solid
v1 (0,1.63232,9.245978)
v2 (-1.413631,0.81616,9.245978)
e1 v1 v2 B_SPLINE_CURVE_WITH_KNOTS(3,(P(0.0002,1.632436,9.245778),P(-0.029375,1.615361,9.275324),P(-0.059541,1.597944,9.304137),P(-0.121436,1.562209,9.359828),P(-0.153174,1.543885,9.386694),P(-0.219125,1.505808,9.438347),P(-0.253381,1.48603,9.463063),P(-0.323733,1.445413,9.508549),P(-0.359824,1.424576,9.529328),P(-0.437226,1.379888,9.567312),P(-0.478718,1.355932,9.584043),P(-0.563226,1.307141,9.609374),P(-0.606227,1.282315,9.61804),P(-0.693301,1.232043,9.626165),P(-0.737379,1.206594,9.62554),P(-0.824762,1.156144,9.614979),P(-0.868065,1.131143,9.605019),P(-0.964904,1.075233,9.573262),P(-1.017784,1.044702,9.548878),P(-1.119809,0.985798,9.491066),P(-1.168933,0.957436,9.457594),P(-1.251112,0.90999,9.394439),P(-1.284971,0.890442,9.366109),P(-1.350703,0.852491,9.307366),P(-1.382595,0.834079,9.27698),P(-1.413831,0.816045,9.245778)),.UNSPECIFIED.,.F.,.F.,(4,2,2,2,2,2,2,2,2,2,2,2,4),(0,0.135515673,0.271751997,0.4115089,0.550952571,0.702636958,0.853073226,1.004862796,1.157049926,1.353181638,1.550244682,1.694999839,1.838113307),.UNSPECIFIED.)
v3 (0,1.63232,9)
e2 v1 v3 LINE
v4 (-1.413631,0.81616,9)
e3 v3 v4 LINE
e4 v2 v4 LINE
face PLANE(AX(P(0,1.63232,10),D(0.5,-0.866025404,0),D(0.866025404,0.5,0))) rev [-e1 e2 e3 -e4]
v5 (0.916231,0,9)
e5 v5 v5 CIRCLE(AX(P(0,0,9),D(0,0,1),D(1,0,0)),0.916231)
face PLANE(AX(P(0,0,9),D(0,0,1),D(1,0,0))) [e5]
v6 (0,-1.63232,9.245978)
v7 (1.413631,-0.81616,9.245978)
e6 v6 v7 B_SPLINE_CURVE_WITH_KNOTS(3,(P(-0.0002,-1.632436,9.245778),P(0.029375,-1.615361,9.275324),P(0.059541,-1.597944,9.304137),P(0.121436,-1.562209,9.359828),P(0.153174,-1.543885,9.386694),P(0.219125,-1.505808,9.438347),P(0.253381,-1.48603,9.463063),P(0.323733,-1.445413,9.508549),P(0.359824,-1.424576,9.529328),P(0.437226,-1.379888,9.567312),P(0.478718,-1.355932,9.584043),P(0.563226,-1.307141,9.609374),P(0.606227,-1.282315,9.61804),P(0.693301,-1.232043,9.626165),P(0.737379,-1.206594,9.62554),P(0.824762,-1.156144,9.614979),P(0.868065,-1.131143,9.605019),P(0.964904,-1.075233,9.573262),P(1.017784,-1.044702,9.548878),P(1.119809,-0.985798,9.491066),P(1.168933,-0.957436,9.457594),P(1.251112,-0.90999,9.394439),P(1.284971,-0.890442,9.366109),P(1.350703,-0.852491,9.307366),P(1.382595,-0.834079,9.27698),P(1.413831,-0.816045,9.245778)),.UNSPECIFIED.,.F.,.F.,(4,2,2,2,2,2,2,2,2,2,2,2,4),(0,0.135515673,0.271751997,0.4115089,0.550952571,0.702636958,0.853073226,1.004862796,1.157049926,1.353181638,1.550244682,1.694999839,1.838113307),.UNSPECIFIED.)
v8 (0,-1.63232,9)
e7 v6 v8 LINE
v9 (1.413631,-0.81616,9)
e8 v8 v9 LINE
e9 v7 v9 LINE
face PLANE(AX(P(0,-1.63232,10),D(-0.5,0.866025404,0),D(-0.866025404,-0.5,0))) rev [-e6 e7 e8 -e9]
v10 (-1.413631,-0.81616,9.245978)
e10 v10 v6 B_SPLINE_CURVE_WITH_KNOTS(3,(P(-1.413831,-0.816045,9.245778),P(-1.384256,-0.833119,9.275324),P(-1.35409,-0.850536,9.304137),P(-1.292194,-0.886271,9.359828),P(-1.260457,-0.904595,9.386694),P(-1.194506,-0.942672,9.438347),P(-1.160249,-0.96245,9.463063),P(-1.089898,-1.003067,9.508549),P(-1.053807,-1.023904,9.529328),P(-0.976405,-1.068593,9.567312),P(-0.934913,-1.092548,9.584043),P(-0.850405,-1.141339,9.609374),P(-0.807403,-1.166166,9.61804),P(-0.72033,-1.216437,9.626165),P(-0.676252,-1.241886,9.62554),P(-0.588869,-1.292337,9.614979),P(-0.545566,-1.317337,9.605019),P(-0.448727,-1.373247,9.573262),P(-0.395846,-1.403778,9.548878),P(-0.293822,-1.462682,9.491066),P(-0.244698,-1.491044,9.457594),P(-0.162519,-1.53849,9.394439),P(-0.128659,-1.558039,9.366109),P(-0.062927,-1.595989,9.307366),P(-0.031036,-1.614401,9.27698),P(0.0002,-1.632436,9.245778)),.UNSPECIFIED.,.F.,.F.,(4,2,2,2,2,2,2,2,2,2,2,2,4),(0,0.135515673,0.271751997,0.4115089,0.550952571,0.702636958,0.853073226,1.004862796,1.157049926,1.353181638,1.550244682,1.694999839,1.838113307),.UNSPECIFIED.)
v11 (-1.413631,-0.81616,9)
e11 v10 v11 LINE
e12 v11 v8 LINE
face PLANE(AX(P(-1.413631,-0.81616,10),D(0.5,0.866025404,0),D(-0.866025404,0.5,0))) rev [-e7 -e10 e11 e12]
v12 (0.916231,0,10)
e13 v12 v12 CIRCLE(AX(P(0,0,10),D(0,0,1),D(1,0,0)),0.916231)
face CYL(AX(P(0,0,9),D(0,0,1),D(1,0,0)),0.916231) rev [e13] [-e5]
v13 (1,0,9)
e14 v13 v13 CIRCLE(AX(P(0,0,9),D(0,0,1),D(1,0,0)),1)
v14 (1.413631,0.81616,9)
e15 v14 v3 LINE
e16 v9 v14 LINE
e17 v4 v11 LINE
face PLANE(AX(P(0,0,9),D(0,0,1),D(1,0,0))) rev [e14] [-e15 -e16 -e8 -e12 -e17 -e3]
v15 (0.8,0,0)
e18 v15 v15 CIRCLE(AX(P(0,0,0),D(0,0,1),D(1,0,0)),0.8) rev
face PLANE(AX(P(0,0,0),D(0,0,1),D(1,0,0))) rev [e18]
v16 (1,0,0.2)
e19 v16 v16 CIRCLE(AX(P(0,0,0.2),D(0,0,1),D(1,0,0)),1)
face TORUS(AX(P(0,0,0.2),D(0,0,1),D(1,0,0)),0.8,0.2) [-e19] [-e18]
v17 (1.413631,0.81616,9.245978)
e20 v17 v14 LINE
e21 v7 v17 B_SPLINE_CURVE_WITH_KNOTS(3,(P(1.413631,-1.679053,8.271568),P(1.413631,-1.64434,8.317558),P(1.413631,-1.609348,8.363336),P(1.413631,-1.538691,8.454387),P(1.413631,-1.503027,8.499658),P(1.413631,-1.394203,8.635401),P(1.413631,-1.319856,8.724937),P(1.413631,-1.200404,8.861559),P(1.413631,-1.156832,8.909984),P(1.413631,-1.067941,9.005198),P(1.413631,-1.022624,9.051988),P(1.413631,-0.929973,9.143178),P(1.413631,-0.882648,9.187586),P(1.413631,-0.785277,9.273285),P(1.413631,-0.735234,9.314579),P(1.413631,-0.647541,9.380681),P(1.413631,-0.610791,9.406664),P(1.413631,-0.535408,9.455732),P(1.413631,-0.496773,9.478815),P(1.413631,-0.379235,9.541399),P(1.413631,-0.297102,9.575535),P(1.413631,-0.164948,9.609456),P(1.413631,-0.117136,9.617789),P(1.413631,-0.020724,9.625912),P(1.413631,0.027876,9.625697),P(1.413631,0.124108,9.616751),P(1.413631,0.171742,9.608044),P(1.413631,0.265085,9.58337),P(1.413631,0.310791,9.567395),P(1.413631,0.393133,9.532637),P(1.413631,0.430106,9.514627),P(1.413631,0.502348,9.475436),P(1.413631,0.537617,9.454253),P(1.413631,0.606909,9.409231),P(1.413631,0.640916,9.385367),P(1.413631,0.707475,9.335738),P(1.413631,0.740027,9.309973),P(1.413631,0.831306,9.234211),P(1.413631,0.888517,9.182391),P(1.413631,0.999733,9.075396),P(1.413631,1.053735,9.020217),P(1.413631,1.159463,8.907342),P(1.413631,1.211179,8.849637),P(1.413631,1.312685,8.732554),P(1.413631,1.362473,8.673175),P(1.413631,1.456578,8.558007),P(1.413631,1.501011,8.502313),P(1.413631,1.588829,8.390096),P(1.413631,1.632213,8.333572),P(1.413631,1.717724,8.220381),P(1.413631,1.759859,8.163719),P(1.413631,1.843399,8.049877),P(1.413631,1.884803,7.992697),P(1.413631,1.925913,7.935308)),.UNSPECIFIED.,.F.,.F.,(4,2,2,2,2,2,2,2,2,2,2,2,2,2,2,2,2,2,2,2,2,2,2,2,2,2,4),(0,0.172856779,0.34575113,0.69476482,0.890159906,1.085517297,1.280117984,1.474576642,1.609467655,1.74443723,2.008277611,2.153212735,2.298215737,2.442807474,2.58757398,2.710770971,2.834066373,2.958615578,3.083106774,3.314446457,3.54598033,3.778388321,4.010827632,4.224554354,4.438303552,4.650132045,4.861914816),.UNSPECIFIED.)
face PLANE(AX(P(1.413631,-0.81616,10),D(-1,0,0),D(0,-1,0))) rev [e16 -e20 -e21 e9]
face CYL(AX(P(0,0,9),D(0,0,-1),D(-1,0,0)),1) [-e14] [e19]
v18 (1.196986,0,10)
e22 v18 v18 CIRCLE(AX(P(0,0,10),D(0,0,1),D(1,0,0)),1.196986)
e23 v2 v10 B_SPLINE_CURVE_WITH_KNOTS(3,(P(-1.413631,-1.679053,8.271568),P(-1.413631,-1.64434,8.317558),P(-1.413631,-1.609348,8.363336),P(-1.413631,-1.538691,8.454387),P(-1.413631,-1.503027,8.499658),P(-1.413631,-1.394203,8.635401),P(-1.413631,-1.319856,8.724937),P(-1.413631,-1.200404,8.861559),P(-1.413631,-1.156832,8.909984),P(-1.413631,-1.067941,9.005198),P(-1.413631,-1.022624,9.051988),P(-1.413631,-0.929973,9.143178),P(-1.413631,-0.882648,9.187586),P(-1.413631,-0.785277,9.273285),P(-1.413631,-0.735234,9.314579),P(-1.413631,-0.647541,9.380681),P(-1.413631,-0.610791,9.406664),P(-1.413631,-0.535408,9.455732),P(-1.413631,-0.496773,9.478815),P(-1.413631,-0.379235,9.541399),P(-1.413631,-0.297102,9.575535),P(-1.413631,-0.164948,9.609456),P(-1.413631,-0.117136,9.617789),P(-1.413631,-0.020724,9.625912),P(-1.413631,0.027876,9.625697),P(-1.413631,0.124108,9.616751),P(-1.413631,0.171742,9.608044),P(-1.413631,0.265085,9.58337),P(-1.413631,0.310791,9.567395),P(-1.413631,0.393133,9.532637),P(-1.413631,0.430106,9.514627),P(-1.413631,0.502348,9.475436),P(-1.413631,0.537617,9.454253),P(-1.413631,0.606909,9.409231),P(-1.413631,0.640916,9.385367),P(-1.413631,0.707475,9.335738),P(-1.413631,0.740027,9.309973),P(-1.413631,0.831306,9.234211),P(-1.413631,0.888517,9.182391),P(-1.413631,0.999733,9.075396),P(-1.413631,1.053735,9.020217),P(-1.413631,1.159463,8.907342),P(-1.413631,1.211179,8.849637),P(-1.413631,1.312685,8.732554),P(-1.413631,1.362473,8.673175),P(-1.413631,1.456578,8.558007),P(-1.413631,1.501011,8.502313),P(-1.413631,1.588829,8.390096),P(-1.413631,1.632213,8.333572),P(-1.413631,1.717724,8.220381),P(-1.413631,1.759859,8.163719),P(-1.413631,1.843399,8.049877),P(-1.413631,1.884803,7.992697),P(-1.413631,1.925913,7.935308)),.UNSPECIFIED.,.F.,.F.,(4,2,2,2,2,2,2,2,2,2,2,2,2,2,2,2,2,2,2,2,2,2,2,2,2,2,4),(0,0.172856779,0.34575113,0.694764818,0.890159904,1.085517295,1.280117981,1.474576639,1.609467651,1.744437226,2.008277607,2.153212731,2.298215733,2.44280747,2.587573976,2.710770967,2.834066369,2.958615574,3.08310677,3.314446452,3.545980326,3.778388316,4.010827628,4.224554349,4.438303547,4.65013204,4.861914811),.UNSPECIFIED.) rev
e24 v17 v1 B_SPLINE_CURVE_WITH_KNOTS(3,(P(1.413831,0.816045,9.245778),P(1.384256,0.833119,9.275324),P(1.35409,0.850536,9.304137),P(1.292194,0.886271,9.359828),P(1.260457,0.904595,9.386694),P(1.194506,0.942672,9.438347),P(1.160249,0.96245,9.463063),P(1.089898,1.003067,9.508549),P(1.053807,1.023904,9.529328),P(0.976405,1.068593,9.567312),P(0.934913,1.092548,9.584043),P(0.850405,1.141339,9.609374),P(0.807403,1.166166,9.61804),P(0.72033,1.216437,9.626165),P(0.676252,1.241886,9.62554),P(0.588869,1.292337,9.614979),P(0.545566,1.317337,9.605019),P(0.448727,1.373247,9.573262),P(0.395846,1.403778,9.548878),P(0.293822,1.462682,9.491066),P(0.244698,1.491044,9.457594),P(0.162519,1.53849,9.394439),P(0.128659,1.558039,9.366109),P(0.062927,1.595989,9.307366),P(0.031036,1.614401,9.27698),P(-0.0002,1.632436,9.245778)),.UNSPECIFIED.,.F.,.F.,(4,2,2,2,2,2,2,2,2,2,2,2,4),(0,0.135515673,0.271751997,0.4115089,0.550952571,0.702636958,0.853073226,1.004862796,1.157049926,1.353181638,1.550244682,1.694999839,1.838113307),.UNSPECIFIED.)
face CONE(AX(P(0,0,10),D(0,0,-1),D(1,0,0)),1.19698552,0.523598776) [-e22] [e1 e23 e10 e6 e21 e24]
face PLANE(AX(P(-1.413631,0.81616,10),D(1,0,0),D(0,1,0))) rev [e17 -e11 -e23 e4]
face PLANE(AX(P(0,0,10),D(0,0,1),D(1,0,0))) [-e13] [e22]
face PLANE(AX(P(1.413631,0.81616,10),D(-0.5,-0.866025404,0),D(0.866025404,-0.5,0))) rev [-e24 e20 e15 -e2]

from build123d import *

# Parameters (mm, degrees)
SKETCH1_R           = 1
BOSS_EXTRUDE1_DEPTH = 9
BOSS_EXTRUDE2_DEPTH = 1
SKETCH3_R           = 0.916230728
CUT_EXTRUDE1_DEPTH  = 1
SKETCH5_OUTSIDE_W   = 8.162
SKETCH5_OUTSIDE_H   = 8.598
SKETCH5_OUTSIDE_R   = 1.19698552
CUT_EXTRUDE3_DEPTH  = 1
CUT_EXTRUDE3_DRAFT  = -30
FILLET1_R           = 0.2


with BuildPart() as part:
    # Sketch1 → Boss-Extrude1 (new body)
    with BuildSketch(Plane.XY):
        Circle(SKETCH1_R)
    extrude(amount=BOSS_EXTRUDE1_DEPTH)

    # Sketch2 → Boss-Extrude2 (add)
    with BuildSketch(Plane.XY.offset(9)):
        Polygon((0, 1.632320149), (-1.413630716, 0.816160075), (-1.413630716, -0.816160075), (0, -1.632320149), (1.413630716, -0.816160075), (1.413630716, 0.816160075), align=None)
    extrude(amount=BOSS_EXTRUDE2_DEPTH)

    # Sketch3 → Cut-Extrude1 (cut)
    with BuildSketch(Plane.XY.offset(10)):
        Circle(SKETCH3_R)
    extrude(amount=-CUT_EXTRUDE1_DEPTH, mode=Mode.SUBTRACT)


with BuildPart() as cut_extrude3_tool:
    # Sketch5 outside → Cut-Extrude3 (with draft: the straight prism first)
    with BuildSketch(Plane.XY.offset(10)):
        Rectangle(SKETCH5_OUTSIDE_W, SKETCH5_OUTSIDE_H)
        Circle(SKETCH5_OUTSIDE_R, mode=Mode.SUBTRACT)
    extrude(amount=-CUT_EXTRUDE3_DEPTH)
    # Cut-Extrude3: the draft: its side faces are tilted about the plane it starts from
    cut_extrude3_sides = [cut_extrude3_tool.faces().sort_by_distance(p)[0] for p in [
        (0, -4.299, 9.5),
        (4.081, 0, 9.5),
        (0, 4.299, 9.5),
        (-4.081, 0, 9.5),
        (-1.19698552, 0, 9.5),
    ]]
    draft(cut_extrude3_sides, Plane.XY.offset(10), CUT_EXTRUDE3_DRAFT)


with BuildPart() as part_1:
    add(part.part)

    # Cut-Extrude3: cut by cut_extrude3_tool
    add(cut_extrude3_tool.part, mode=Mode.SUBTRACT)

    # Fillet1
    fillet1_edges = [part_1.edges().sort_by_distance(p)[0] for p in [
        (-1, 0, 0),
    ]]
    fillet(fillet1_edges, radius=FILLET1_R)


solid = part_1.part
